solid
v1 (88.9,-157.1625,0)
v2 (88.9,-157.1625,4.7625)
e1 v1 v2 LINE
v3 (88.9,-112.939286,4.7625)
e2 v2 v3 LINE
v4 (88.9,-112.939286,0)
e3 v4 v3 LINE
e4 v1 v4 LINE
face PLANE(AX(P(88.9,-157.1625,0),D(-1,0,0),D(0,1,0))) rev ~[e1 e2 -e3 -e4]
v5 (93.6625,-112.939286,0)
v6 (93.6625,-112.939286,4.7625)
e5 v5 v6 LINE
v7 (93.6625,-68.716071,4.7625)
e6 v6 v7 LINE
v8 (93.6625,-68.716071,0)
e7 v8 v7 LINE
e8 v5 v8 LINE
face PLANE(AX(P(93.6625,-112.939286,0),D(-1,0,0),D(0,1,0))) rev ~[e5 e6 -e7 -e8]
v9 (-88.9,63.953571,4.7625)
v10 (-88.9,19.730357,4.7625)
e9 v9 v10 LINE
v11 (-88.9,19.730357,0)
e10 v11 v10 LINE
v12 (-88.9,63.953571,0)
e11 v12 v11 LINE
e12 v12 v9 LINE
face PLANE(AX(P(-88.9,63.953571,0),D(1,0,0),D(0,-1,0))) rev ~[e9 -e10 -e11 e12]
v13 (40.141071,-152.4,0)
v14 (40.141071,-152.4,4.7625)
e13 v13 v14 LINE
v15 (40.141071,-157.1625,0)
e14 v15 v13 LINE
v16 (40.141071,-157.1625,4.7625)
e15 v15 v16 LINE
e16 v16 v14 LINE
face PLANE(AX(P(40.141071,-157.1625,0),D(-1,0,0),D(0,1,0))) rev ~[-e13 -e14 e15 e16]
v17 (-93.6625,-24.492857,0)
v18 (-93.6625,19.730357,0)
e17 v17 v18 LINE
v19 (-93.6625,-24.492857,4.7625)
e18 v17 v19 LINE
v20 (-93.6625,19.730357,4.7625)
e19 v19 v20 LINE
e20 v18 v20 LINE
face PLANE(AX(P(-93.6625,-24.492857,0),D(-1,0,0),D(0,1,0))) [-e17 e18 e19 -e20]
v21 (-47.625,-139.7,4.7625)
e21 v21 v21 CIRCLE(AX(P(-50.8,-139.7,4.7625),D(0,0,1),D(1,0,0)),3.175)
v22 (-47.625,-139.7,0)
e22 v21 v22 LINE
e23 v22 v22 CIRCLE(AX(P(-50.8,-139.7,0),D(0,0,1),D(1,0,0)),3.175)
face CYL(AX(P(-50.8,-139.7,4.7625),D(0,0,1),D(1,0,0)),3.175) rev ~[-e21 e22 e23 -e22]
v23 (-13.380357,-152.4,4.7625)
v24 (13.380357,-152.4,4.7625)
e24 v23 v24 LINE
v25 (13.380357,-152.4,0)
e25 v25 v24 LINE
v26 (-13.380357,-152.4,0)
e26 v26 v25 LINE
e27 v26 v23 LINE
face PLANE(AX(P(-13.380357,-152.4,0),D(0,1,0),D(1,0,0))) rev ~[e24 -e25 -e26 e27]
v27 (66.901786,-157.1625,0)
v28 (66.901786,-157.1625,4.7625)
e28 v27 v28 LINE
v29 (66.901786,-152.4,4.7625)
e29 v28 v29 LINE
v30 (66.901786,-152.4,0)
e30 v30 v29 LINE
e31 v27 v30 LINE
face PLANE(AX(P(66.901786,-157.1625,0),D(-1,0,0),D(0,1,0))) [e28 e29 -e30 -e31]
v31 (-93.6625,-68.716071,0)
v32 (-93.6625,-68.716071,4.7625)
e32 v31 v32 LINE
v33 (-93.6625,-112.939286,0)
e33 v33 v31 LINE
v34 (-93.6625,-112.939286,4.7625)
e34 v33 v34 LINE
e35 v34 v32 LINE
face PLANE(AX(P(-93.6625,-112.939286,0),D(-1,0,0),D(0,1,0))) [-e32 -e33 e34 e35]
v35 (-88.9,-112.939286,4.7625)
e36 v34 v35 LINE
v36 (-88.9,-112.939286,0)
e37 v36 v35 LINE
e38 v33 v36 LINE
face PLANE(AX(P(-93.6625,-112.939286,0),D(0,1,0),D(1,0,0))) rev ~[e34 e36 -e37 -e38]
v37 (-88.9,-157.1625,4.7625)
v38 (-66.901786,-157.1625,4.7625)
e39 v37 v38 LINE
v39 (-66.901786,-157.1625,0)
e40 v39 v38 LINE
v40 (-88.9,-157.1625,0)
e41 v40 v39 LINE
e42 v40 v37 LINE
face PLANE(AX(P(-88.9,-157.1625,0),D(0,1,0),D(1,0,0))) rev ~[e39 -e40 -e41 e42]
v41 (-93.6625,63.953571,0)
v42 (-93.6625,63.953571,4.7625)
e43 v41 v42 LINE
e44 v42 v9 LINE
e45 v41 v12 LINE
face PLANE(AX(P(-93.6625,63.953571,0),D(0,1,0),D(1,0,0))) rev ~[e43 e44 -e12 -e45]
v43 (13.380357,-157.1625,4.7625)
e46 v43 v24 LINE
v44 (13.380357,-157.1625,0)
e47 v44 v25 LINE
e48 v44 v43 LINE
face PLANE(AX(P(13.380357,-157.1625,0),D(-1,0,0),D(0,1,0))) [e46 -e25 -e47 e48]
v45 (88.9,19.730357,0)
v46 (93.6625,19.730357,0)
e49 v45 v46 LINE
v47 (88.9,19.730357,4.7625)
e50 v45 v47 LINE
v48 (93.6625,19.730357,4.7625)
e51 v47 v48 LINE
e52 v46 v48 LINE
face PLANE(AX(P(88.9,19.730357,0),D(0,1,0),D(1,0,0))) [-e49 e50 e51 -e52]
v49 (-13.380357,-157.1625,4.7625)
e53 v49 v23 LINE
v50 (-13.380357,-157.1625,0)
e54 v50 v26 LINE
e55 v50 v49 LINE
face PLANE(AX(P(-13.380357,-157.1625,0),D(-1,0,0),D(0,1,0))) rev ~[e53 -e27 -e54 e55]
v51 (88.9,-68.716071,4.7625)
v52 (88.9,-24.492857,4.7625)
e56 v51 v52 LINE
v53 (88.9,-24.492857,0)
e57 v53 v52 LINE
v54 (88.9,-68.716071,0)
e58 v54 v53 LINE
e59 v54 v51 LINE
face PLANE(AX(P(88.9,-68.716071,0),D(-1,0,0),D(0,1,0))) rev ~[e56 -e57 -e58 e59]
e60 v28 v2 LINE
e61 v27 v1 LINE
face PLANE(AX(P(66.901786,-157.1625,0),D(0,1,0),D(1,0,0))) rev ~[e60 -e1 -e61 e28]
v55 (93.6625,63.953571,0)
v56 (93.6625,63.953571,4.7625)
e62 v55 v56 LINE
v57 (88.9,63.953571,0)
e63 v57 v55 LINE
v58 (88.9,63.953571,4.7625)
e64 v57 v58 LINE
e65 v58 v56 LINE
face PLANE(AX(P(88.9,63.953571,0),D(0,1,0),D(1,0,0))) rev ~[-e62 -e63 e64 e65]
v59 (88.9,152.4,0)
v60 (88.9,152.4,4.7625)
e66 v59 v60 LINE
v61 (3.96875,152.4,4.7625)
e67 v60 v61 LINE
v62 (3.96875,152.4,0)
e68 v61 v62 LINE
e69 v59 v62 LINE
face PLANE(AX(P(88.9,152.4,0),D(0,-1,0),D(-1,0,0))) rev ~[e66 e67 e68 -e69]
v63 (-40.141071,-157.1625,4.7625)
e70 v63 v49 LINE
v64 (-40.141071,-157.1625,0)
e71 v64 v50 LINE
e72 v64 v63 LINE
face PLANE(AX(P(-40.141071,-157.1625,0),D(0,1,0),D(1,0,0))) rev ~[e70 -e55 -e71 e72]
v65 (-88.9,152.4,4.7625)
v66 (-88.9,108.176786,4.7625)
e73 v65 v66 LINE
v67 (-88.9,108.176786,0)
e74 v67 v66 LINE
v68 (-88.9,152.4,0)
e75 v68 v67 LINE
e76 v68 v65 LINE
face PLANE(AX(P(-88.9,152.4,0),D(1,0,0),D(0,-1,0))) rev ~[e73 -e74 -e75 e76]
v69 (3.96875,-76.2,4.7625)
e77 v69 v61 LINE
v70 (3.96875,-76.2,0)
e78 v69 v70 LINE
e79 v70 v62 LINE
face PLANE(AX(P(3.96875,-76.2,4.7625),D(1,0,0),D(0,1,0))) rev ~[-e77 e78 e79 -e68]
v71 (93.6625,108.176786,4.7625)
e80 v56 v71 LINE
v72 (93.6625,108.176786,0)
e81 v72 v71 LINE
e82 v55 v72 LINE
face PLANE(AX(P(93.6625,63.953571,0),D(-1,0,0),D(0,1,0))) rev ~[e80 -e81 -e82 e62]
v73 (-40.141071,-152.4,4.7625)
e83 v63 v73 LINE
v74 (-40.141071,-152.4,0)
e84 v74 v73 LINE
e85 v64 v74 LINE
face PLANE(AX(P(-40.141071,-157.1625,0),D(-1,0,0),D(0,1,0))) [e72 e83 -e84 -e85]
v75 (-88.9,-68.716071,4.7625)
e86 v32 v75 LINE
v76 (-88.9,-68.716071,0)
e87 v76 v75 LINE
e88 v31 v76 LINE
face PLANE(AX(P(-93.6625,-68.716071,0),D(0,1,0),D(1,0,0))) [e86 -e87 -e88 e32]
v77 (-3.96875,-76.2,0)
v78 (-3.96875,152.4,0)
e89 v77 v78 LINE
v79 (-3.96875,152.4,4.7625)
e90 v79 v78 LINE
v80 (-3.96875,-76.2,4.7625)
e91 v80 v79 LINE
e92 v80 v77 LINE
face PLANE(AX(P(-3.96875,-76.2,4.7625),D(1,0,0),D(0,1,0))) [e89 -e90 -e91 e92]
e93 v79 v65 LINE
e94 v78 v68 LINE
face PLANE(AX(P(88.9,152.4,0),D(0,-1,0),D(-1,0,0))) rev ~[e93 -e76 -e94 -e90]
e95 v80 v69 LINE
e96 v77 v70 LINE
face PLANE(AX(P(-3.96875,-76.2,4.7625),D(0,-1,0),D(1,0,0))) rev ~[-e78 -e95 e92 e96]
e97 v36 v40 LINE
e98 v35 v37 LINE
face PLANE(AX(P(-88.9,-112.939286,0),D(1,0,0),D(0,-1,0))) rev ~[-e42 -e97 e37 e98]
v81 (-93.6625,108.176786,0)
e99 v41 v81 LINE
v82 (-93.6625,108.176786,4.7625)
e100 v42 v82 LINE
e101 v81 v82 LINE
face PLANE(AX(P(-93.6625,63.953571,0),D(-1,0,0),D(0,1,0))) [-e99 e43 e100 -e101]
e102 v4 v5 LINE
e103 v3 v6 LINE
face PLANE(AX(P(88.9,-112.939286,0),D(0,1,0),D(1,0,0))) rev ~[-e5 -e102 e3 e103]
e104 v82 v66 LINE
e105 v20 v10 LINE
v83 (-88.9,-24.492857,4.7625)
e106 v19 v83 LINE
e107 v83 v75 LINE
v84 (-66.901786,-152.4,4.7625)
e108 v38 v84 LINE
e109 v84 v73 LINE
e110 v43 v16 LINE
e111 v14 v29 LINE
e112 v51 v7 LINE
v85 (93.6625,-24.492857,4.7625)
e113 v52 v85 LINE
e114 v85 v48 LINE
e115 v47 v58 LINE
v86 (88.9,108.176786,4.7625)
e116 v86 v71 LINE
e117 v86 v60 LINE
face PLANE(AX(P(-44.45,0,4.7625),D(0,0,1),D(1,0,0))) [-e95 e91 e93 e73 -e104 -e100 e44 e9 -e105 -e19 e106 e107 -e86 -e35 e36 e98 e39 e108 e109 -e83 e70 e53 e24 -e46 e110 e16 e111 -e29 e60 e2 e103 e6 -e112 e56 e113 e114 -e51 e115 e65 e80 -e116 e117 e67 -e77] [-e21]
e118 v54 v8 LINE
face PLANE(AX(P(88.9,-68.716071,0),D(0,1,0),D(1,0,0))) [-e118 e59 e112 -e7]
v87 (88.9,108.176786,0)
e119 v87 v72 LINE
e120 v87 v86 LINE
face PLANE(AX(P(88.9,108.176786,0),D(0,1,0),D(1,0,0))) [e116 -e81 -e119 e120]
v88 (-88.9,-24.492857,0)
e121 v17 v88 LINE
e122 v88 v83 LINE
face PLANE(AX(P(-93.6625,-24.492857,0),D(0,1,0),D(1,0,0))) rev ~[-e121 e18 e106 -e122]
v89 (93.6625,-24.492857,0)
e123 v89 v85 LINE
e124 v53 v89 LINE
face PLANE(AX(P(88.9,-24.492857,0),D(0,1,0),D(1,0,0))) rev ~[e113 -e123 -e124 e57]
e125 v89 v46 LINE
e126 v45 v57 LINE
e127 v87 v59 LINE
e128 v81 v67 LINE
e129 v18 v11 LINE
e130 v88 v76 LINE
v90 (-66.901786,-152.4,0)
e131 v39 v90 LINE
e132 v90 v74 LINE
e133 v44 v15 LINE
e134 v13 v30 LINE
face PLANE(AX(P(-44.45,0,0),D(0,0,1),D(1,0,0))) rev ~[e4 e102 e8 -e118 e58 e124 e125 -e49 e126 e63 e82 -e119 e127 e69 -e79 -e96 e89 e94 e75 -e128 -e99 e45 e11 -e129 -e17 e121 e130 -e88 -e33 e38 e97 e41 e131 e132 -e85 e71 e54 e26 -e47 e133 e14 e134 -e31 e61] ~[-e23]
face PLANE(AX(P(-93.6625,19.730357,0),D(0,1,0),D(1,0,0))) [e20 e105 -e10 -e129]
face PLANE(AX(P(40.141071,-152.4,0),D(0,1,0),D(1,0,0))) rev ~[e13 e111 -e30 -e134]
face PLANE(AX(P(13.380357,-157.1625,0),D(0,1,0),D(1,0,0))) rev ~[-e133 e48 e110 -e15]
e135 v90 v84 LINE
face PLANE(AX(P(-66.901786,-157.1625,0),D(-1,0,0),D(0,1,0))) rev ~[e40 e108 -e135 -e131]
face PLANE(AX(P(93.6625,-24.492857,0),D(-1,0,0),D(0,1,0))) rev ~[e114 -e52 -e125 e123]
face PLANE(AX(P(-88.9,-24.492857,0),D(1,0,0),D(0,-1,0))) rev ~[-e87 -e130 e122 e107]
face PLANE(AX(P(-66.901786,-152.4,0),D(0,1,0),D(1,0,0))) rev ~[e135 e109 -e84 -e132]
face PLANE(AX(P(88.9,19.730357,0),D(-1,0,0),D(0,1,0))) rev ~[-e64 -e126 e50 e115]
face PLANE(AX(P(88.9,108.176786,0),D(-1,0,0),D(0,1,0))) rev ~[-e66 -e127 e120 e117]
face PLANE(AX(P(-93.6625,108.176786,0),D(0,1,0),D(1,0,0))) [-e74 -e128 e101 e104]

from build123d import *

# Parameters (mm, degrees)
SKETCH2_W           = 4.7625
SKETCH2_H           = 44.223214285
SKETCH2_H_2         = 44.223214286
SKETCH2_W_2         = 21.998214286
SKETCH2_H_3         = 4.7625
SKETCH2_W_3         = 26.760714286
BOSS_EXTRUDE1_DEPTH = 4.7625
SKETCH3_W           = 7.9375
SKETCH3_H           = 228.6
CUT_EXTRUDE1_DEPTH  = 184.017476539
SKETCH4_R           = 3.175
CUT_EXTRUDE2_DEPTH  = 184.017476539


with BuildPart() as part:
    # Sketch2 → Boss-Extrude1 (new body)
    with BuildSketch(Plane.XY):
        Polygon((0, -152.4), (0, 152.4), (-88.9, 152.4), (-88.9, 108.176785714), (-88.9, 63.953571429), (-88.9, 19.730357143), (-88.9, -24.492857143), (-88.9, -68.716071429), (-88.9, -112.939285714), (-88.9, -152.4), (-66.901785714, -152.4), (-40.141071429, -152.4), (-13.380357143, -152.4), align=None)
        Polygon((88.9, 152.4), (0, 152.4), (0, -152.4), (13.380357143, -152.4), (40.141071429, -152.4), (66.901785714, -152.4), (88.9, -152.4), (88.9, -112.939285714), (88.9, -68.716071429), (88.9, -24.492857143), (88.9, 19.730357143), (88.9, 63.953571429), (88.9, 108.176785714), align=None)
        with Locations((-91.28125, 86.065178572)):
            Rectangle(SKETCH2_W, SKETCH2_H)
        with Locations((-91.28125, -2.38125)):
            Rectangle(SKETCH2_W, SKETCH2_H_2)
        with Locations((-91.28125, -90.827678572)):
            Rectangle(SKETCH2_W, SKETCH2_H)
        with Locations((-77.900892857, -154.78125)):
            Rectangle(SKETCH2_W_2, SKETCH2_H_3)
        with Locations((-26.760714286, -154.78125)):
            Rectangle(SKETCH2_W_3, SKETCH2_H_3)
        with Locations((26.760714286, -154.78125)):
            Rectangle(SKETCH2_W_3, SKETCH2_H_3)
        with Locations((91.28125, -90.827678572)):
            Rectangle(SKETCH2_W, SKETCH2_H)
        with Locations((91.28125, -2.38125)):
            Rectangle(SKETCH2_W, SKETCH2_H_2)
        with Locations((91.28125, 86.065178572)):
            Rectangle(SKETCH2_W, SKETCH2_H)
        with Locations((77.900892857, -154.78125)):
            Rectangle(SKETCH2_W_2, SKETCH2_H_3)
    extrude(amount=BOSS_EXTRUDE1_DEPTH)

    # Sketch3 → Cut-Extrude1 (cut, through all)
    with BuildSketch(Plane.XY.offset(4.7625)):
        with Locations((0, 38.1)):
            Rectangle(SKETCH3_W, SKETCH3_H)
    extrude(amount=-CUT_EXTRUDE1_DEPTH, mode=Mode.SUBTRACT)

    # Sketch4 → Cut-Extrude2 (cut, through all)
    with BuildSketch(Plane.XY.offset(4.7625)):
        with Locations((-50.8, -139.7)):
            Circle(SKETCH4_R)
    extrude(amount=-CUT_EXTRUDE2_DEPTH, mode=Mode.SUBTRACT)


solid = part.part
